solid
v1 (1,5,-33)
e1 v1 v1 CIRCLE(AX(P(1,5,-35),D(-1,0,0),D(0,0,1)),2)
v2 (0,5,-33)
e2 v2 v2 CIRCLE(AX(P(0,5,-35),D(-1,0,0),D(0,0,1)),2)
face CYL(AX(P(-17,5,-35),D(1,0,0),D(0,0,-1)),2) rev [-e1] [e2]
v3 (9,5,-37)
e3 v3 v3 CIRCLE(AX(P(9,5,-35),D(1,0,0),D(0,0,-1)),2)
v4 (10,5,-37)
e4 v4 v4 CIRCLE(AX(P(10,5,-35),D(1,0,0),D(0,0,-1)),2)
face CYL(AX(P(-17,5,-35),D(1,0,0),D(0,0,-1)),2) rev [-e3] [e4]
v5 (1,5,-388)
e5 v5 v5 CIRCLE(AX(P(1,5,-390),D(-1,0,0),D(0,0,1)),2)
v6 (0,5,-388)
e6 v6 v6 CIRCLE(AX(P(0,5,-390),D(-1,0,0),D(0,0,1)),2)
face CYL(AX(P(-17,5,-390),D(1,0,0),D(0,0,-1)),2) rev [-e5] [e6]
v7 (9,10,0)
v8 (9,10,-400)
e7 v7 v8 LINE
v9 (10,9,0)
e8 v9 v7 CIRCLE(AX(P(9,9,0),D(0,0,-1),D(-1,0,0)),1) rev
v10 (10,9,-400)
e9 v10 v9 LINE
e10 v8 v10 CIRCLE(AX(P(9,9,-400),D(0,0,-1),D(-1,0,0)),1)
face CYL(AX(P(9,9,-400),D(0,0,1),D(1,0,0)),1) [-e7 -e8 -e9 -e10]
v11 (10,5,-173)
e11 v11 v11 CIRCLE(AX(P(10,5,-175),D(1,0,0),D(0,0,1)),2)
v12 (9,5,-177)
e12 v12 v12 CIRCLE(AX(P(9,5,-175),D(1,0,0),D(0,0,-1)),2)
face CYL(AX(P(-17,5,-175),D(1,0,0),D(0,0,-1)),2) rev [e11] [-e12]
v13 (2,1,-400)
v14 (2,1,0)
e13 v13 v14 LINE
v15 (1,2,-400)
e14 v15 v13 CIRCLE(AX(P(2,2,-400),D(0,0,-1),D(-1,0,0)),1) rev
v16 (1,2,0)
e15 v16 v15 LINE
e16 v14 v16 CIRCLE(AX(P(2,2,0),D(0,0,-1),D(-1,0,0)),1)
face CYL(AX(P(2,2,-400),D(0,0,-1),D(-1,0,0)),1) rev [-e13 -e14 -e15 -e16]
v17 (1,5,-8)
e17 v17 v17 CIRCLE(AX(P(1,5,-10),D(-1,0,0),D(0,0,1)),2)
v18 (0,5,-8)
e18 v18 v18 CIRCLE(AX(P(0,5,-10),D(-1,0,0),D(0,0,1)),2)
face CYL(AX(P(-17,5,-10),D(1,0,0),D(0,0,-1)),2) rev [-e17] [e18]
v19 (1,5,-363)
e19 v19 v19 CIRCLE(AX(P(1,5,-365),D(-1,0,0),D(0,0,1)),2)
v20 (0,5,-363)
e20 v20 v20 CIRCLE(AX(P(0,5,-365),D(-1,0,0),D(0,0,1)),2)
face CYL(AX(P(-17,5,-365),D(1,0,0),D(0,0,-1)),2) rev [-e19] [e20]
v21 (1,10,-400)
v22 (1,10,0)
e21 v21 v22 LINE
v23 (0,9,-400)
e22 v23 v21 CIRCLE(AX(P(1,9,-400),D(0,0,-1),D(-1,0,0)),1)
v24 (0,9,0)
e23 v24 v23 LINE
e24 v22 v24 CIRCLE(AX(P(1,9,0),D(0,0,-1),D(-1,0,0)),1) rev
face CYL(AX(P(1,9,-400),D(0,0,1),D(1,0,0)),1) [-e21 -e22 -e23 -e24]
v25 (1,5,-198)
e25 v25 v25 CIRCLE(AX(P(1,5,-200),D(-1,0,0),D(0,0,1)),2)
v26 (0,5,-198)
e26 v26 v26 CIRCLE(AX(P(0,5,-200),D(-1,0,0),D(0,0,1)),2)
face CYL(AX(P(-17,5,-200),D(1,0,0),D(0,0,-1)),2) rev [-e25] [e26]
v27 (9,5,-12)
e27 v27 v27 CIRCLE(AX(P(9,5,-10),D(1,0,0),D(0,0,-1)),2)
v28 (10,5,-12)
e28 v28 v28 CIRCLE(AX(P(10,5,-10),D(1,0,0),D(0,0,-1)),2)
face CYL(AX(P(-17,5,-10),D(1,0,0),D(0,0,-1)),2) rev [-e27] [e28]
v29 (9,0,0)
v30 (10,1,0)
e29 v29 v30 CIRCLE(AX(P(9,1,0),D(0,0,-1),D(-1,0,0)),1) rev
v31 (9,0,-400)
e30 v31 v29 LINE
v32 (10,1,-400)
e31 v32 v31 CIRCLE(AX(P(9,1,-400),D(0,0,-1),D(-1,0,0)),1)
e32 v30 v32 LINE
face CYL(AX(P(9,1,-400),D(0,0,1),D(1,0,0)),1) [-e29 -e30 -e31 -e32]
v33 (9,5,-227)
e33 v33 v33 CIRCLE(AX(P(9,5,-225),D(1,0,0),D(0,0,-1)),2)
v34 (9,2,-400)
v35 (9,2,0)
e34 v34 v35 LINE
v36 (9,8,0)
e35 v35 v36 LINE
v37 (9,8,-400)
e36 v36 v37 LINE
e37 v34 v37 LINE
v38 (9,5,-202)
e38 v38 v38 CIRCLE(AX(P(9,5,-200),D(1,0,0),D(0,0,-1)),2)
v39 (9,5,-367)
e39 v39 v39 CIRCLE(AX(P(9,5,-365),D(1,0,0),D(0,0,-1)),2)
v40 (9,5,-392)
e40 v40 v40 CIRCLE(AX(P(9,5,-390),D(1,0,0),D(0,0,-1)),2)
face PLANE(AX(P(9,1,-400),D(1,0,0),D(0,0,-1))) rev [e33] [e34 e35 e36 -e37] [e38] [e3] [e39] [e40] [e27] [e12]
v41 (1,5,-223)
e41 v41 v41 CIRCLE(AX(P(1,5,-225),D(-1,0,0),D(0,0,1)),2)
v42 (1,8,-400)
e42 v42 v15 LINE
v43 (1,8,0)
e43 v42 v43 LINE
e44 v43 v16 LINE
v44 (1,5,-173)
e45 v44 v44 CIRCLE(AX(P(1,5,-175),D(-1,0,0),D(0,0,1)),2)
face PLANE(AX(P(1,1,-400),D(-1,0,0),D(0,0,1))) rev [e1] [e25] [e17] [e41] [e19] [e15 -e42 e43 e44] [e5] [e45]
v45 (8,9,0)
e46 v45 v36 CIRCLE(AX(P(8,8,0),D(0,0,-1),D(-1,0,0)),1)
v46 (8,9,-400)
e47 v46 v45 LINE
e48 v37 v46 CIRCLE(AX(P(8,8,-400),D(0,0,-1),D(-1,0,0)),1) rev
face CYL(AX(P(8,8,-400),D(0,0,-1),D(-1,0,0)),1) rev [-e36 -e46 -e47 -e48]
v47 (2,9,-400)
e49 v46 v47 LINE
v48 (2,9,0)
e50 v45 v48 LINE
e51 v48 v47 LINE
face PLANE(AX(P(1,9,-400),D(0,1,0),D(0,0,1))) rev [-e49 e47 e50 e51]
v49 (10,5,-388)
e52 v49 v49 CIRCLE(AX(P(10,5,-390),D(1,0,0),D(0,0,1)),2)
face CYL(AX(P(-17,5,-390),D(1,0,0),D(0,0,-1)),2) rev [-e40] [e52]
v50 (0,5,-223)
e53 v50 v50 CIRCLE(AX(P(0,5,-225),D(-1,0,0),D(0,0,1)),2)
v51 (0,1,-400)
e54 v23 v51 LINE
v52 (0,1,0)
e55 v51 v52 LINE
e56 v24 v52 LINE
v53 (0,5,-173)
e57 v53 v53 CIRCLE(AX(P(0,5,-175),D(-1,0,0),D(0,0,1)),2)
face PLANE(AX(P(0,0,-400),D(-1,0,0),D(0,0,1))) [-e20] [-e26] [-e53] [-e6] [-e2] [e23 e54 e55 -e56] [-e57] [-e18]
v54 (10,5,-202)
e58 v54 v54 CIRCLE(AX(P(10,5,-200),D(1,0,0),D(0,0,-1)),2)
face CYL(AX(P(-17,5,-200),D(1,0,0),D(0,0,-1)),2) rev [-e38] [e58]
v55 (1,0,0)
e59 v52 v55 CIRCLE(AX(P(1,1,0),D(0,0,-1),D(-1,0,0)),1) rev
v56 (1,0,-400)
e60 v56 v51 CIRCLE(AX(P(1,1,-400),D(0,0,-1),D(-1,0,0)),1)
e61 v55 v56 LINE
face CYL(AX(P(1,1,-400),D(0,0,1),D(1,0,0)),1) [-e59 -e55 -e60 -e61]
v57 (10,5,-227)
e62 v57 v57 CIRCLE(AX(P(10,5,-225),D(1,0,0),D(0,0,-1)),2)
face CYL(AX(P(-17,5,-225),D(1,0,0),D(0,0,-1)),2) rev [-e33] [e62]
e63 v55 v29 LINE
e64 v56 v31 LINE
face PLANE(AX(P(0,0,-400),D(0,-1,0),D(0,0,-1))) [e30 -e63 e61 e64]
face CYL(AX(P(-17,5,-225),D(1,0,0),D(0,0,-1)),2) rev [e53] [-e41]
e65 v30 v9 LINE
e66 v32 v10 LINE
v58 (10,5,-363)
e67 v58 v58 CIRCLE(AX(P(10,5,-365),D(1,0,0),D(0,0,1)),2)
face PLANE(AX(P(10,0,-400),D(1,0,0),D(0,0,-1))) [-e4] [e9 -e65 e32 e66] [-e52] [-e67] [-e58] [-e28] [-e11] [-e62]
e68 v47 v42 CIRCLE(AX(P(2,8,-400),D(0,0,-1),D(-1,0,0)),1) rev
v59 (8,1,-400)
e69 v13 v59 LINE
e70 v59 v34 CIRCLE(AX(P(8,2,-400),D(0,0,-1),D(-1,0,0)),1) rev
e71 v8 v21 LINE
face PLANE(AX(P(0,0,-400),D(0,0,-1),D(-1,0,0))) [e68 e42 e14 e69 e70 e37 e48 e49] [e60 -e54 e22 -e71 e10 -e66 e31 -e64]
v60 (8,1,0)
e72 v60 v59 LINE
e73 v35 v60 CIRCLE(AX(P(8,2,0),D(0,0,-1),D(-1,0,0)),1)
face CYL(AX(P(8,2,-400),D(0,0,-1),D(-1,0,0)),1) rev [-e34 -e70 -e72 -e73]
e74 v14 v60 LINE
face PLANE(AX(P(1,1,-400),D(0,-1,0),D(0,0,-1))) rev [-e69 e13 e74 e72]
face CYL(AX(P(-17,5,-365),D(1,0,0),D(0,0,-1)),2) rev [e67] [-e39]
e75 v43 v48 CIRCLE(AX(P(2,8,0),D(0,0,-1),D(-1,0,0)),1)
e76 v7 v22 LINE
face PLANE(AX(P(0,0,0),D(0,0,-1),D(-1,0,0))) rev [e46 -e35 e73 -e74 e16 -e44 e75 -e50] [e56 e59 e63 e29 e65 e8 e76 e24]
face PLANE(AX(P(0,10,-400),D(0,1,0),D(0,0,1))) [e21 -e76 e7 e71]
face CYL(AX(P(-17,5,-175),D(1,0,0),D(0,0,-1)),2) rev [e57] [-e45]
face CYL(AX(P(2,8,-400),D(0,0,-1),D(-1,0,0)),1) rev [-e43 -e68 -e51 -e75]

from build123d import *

# Parameters (mm, degrees)
SKETCH1_W           = 10
SKETCH1_H           = 10
SKETCH1_W_2         = 8
SKETCH1_H_2         = 8
BOSS_EXTRUDE1_DEPTH = 400
FILLET1_R           = 1
SKETCH2_R           = 2
CUT_EXTRUDE1_DEPTH  = 27


with BuildPart() as part:
    # Sketch1 → Boss-Extrude1 (new body)
    with BuildSketch(Plane.XY):
        with Locations((5, 5)):
            Rectangle(SKETCH1_W, SKETCH1_H)
        with Locations((5, 5)):
            Rectangle(SKETCH1_W_2, SKETCH1_H_2, mode=Mode.SUBTRACT)
    extrude(amount=-BOSS_EXTRUDE1_DEPTH)

    # Fillet1
    fillet1_edges = [part.edges().sort_by_distance(p)[0] for p in [
        (1, 1, -200),
        (1, 9, -200),
        (9, 9, -200),
        (9, 1, -200),
        (0, 10, -200),
        (10, 10, -200),
        (10, 0, -200),
        (0, 0, -200),
    ]]
    fillet(fillet1_edges, radius=FILLET1_R)

    # Sketch2 → Cut-Extrude1 (cut)
    with BuildSketch(Plane(origin=(10, 0, 0), x_dir=(0, 0, -1), z_dir=(1, 0, 0))):
        with Locations((200, 5)):
            Circle(SKETCH2_R)
        with Locations((225, 5)):
            Circle(SKETCH2_R)
        with Locations((175, 5)):
            Circle(SKETCH2_R)
        with Locations((10, 5)):
            Circle(SKETCH2_R)
        with Locations((35, 5)):
            Circle(SKETCH2_R)
        with Locations((390, 5)):
            Circle(SKETCH2_R)
        with Locations((365, 5)):
            Circle(SKETCH2_R)
    extrude(amount=-CUT_EXTRUDE1_DEPTH, mode=Mode.SUBTRACT)


solid = part.part
